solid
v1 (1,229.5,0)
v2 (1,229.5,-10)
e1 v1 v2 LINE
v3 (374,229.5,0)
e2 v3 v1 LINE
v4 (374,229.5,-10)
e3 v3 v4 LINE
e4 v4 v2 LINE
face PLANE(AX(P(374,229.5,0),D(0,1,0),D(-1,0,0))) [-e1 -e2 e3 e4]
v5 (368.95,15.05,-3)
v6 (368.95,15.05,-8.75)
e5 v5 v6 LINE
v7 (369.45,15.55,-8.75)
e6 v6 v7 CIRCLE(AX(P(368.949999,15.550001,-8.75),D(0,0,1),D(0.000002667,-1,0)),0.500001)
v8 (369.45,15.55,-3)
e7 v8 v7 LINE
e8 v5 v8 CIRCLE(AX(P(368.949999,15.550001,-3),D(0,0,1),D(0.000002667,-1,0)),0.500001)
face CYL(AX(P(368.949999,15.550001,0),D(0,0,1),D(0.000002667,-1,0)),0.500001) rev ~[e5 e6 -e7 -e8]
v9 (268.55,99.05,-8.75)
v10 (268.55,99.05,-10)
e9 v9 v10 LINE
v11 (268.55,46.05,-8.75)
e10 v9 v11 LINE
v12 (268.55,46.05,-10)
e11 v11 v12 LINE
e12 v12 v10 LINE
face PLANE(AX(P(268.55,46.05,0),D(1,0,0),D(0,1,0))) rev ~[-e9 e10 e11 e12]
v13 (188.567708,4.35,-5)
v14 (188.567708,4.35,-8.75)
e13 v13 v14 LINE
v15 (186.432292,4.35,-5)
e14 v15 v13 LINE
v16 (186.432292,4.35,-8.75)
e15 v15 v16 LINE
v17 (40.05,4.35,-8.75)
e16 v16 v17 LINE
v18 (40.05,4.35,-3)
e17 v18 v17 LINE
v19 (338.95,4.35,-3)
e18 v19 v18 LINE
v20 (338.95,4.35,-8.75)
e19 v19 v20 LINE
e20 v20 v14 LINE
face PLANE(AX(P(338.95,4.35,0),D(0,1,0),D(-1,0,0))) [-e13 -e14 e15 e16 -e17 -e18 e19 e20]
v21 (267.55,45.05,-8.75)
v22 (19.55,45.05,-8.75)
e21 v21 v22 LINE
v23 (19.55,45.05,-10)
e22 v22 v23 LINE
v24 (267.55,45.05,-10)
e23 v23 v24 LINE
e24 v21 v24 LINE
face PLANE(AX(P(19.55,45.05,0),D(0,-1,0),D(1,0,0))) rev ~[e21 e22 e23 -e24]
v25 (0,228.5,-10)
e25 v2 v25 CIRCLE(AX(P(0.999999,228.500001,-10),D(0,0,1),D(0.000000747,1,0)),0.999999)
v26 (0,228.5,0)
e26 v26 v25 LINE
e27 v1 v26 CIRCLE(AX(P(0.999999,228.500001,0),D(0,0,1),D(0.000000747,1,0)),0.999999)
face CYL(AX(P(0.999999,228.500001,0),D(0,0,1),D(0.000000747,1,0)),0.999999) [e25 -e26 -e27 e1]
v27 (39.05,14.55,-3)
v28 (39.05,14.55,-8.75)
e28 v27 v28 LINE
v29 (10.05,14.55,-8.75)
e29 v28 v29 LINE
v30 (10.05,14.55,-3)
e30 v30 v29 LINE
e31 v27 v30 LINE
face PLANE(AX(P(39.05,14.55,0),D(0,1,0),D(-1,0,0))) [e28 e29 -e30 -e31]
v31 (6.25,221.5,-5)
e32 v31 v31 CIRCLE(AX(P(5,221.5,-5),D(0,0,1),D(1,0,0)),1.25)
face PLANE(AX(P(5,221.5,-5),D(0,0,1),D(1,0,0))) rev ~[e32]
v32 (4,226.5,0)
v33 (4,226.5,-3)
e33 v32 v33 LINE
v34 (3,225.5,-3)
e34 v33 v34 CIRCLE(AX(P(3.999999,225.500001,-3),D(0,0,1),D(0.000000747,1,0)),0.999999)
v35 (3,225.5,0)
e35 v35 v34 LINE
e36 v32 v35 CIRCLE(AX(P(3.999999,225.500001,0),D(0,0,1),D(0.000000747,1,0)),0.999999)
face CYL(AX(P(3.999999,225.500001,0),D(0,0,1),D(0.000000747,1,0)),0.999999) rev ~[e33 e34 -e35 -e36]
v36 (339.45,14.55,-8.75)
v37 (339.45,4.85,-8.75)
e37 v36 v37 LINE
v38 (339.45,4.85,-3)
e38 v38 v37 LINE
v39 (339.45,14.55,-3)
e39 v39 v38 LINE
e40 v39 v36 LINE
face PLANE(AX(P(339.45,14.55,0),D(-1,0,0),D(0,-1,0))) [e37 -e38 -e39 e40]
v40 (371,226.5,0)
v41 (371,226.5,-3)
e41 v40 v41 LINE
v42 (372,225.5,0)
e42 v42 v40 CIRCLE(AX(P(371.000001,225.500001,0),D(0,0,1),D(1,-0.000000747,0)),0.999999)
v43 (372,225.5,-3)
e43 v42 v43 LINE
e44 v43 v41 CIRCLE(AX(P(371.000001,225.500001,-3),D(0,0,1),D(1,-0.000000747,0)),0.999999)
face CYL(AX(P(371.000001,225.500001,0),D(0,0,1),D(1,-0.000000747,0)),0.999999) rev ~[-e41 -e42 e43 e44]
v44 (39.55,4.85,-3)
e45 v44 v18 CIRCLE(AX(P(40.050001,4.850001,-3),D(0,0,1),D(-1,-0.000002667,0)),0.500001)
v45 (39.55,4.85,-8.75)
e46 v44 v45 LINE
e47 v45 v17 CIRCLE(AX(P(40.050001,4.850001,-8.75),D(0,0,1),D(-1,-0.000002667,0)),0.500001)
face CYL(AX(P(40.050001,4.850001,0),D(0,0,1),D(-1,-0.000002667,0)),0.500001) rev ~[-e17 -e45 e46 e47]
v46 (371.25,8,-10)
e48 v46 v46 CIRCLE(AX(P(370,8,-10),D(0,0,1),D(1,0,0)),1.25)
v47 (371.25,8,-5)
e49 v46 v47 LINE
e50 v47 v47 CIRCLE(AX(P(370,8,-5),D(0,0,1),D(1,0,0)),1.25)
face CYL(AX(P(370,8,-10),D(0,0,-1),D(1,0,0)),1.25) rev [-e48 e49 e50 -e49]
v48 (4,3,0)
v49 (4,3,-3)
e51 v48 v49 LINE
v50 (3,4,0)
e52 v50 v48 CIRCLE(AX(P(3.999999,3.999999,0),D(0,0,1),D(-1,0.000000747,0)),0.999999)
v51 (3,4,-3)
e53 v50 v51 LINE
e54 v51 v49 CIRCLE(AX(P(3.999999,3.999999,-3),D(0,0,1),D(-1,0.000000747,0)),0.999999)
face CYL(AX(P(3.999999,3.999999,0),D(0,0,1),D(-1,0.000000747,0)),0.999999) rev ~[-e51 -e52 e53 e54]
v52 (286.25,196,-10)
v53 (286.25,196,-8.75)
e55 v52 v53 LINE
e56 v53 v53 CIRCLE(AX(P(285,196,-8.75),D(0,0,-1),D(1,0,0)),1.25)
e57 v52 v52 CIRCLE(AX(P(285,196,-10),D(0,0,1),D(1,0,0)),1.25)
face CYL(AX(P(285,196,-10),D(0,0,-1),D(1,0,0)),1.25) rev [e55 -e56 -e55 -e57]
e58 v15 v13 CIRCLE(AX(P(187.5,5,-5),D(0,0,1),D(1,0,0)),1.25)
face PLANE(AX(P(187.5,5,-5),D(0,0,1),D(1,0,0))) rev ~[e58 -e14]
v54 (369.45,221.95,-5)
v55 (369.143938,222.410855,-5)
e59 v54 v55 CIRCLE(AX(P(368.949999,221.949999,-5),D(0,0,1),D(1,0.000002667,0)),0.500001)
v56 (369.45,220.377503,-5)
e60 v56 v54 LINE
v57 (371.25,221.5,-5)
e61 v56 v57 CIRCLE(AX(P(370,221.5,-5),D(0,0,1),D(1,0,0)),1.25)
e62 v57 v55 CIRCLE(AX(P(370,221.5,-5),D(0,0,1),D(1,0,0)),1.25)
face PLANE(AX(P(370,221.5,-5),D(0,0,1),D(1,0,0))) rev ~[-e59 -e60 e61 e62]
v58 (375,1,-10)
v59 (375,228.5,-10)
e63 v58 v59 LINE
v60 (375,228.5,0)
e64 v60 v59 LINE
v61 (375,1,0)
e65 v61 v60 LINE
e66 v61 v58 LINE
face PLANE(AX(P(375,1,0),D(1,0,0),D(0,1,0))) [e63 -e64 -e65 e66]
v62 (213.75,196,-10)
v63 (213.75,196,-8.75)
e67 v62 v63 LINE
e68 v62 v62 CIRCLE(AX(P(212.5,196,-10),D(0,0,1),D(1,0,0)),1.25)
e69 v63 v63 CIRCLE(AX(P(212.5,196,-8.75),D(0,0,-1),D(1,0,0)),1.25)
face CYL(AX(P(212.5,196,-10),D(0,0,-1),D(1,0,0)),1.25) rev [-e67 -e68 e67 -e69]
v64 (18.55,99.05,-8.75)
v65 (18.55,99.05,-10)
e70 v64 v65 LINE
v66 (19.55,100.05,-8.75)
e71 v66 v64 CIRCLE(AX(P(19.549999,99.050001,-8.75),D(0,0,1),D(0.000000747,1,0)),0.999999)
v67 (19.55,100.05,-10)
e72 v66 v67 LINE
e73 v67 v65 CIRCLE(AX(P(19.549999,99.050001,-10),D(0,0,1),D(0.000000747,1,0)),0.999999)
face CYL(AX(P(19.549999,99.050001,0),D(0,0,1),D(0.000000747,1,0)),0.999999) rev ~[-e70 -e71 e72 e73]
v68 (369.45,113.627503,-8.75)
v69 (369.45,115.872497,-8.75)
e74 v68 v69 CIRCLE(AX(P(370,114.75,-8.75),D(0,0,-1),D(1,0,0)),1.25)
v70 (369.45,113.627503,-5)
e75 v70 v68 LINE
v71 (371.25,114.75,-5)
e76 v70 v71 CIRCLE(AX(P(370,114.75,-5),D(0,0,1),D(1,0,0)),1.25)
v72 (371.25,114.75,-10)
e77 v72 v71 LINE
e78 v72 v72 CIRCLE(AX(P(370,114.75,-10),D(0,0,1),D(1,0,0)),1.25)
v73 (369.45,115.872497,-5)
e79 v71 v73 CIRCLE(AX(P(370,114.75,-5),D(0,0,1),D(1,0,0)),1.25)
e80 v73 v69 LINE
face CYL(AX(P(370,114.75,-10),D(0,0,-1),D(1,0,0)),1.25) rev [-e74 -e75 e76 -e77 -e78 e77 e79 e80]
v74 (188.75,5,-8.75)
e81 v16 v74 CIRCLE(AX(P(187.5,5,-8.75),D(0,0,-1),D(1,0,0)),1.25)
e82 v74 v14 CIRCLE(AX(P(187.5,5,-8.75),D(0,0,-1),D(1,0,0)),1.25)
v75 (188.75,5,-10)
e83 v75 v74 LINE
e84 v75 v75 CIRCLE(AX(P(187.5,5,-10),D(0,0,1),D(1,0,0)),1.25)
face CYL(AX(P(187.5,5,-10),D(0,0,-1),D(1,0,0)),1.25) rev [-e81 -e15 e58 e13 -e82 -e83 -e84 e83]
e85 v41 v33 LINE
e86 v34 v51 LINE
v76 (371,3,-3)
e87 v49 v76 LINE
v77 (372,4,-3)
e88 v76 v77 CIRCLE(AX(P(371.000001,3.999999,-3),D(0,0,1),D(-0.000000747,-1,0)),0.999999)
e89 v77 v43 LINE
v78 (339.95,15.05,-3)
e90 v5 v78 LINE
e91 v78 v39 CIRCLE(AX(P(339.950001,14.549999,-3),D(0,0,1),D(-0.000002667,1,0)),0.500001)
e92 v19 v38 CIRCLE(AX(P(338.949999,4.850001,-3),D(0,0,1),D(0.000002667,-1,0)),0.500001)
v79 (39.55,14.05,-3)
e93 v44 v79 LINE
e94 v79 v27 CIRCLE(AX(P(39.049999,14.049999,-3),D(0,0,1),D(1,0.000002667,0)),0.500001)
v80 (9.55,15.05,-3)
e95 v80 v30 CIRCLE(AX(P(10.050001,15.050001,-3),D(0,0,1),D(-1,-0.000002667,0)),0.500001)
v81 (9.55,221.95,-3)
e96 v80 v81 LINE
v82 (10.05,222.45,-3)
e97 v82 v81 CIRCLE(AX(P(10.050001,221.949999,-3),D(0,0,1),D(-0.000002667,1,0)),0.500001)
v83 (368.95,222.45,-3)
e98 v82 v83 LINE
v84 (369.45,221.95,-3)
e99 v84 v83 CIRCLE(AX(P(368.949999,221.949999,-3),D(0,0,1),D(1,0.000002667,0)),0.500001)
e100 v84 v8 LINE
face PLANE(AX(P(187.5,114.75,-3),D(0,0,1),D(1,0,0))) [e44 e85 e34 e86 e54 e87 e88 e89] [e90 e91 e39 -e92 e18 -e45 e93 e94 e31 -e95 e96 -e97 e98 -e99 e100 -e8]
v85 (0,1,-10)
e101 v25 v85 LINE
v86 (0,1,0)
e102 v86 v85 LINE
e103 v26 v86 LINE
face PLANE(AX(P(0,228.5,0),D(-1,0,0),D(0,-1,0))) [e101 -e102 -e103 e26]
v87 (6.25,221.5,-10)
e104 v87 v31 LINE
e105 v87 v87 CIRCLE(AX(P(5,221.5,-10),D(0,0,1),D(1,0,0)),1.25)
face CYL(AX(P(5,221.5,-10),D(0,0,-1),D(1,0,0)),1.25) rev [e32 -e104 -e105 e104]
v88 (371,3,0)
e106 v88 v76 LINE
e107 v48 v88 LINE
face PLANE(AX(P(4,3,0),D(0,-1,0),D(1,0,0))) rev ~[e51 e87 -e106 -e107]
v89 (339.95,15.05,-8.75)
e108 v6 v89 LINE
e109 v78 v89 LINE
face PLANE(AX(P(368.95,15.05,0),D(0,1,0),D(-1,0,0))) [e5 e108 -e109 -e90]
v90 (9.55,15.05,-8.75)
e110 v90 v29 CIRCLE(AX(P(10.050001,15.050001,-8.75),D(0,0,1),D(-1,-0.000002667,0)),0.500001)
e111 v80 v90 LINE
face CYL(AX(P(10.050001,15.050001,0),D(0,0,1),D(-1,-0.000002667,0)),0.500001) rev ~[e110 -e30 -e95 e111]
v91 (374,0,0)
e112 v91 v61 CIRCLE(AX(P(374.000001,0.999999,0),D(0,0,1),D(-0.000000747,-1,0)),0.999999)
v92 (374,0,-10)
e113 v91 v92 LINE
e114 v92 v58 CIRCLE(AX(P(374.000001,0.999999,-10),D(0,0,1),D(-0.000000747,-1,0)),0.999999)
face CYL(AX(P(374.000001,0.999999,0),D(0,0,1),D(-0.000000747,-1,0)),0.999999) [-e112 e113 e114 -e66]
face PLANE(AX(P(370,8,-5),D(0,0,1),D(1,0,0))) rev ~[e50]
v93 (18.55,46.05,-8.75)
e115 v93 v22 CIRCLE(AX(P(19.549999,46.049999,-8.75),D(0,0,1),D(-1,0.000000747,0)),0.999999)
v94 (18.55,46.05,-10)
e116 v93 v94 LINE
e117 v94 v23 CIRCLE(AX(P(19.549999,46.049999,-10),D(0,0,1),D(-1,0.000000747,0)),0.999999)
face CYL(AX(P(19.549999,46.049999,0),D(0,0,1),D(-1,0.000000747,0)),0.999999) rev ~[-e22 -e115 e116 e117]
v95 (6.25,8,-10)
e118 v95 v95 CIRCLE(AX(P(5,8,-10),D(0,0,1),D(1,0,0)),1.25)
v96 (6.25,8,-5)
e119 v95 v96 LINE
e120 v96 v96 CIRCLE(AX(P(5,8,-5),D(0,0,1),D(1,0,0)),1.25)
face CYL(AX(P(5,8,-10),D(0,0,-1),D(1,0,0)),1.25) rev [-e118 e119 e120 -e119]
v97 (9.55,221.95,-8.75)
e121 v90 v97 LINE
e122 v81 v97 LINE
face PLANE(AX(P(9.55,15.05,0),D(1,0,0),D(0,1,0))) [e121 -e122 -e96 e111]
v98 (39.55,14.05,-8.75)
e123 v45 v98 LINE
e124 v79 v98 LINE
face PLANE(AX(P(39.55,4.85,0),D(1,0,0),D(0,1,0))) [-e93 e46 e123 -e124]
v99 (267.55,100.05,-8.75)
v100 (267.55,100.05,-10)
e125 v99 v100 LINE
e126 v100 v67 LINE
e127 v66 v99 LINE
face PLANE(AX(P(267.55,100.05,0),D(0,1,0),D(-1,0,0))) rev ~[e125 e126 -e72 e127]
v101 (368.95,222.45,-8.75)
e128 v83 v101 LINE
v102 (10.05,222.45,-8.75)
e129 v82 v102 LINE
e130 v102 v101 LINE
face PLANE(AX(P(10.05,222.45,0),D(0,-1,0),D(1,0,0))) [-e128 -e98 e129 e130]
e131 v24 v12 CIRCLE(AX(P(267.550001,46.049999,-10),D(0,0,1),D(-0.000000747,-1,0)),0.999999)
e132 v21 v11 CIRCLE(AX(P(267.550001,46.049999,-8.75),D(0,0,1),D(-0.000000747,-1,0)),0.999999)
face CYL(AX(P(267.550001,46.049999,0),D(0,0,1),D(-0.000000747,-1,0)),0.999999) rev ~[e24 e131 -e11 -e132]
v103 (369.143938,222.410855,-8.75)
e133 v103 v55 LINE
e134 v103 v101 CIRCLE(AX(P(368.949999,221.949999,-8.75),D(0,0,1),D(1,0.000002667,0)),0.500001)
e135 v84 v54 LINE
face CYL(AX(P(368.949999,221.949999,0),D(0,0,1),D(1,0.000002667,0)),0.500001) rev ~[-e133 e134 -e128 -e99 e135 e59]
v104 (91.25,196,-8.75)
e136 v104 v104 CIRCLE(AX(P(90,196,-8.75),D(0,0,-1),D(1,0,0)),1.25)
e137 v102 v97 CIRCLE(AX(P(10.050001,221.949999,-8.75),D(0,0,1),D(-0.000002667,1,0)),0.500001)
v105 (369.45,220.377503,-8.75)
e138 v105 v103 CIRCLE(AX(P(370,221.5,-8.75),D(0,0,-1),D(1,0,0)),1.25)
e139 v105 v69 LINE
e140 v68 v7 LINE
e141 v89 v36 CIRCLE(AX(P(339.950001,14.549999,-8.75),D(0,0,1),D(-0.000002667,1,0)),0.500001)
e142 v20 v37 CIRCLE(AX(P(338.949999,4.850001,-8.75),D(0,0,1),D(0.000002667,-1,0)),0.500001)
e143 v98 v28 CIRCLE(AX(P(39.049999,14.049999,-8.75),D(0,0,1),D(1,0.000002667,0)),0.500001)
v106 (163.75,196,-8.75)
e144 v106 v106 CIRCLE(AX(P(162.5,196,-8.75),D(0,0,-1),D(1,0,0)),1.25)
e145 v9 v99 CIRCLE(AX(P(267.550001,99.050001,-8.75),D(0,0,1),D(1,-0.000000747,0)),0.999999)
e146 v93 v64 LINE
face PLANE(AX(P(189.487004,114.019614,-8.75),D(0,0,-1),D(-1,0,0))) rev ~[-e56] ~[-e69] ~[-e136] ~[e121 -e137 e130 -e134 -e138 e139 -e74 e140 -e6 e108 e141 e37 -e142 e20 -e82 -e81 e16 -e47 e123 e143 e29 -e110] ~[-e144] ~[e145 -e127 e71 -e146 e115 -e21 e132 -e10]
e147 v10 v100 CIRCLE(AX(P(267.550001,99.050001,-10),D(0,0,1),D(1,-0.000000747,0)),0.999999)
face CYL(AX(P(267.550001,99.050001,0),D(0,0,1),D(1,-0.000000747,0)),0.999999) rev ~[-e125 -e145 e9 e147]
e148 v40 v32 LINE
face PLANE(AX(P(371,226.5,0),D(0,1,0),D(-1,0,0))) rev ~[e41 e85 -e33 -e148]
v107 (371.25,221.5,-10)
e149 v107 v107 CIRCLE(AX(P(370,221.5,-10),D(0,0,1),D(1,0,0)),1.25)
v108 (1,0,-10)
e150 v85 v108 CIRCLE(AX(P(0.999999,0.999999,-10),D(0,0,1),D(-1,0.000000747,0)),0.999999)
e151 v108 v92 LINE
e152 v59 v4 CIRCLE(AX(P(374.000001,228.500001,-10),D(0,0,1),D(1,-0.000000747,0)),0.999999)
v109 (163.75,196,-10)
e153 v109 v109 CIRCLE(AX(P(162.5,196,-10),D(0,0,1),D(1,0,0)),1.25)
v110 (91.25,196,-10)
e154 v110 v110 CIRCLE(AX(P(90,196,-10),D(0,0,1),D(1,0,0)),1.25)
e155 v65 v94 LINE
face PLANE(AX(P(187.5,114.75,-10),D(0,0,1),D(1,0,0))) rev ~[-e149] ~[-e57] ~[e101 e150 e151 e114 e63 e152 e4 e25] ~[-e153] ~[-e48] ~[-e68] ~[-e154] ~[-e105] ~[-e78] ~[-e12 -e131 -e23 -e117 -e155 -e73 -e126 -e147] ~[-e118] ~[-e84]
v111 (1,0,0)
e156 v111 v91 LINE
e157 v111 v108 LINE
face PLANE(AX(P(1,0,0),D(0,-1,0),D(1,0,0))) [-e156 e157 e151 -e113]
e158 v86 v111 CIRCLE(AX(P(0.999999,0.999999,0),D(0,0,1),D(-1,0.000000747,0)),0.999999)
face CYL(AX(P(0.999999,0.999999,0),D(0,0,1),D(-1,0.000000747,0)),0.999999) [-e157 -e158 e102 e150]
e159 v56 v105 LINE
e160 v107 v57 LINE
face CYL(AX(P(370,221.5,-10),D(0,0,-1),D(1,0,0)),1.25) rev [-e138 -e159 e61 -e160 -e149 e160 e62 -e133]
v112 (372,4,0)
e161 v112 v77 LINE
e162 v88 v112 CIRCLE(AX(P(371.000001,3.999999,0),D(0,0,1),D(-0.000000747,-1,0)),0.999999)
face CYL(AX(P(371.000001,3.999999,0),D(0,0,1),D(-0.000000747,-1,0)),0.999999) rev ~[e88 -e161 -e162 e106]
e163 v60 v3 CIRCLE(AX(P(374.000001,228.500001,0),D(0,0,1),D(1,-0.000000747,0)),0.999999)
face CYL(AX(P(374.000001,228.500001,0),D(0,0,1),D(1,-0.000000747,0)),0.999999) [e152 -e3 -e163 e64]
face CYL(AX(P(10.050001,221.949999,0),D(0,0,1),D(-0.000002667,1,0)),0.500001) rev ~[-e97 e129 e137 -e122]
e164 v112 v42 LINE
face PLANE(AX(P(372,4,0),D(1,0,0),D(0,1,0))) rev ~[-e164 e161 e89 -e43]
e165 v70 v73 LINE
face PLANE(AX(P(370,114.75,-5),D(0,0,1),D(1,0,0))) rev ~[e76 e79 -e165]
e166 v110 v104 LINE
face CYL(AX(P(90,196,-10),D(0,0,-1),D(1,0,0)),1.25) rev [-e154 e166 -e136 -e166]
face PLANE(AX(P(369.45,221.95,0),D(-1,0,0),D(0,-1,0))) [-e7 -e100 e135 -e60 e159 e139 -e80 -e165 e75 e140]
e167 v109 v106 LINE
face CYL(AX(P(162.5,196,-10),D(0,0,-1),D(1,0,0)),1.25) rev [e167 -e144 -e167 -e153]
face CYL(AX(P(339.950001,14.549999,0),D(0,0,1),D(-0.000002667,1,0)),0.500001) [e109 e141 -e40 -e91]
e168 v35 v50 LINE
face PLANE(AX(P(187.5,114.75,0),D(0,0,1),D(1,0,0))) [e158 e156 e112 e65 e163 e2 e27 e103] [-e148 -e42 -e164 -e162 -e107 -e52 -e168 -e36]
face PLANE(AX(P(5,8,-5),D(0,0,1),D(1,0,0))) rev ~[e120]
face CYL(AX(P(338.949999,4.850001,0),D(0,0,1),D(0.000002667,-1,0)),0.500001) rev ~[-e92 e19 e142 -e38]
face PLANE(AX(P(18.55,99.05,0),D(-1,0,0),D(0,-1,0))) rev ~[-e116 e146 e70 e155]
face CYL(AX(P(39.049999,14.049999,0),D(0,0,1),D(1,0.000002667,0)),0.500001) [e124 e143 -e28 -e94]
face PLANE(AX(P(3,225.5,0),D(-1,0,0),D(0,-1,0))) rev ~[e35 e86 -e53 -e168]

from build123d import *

# Parameters (mm, degrees)
PAD006_DEPTH    = 10
POCKET_DEPTH    = 3
POCKET001_DEPTH = 8.75
POCKET002_DEPTH = 10.001
SKETCH071_R     = 1.25
POCKET032_DEPTH = 5


with BuildPart() as part:
    # Sketch006 → Pad006 (new body)
    with BuildSketch(Plane.XY):
        with BuildLine():
            Line((1, 0), (374, 0))
            ThreePointArc((374, 0), (374.707107, 0.292893), (375, 1))
            Line((375, 1), (375, 228.5))
            ThreePointArc((375, 228.5), (374.707107, 229.207107), (374, 229.5))
            Line((374, 229.5), (1, 229.5))
            ThreePointArc((1, 229.5), (0.292893, 229.207107), (0, 228.5))
            Line((0, 228.5), (0, 1))
            ThreePointArc((0, 1), (0.292893, 0.292893), (1, 0))
        make_face()
    extrude(amount=-PAD006_DEPTH)

    # Sketch007 → Pocket (cut)
    with BuildSketch(Plane.XY):
        with BuildLine():
            Line((4, 3), (371, 3))
            ThreePointArc((371, 3), (371.707107, 3.292893), (372, 4))
            Line((372, 4), (372, 225.5))
            ThreePointArc((372, 225.5), (371.707107, 226.207107), (371, 226.5))
            Line((371, 226.5), (4, 226.5))
            ThreePointArc((4, 226.5), (3.292893, 226.207107), (3, 225.5))
            Line((3, 225.5), (3, 4))
            ThreePointArc((3, 4), (3.292893, 3.292893), (4, 3))
        make_face()
    extrude(amount=-POCKET_DEPTH, mode=Mode.SUBTRACT)

    # Sketch008 → Pocket001 (cut)
    with BuildSketch(Plane.XY):
        with BuildLine():
            Line((10.05, 222.45), (368.95, 222.45))
            ThreePointArc((369.45, 221.95), (369.303553, 222.303553), (368.95, 222.45))
            Line((369.45, 221.95), (369.45, 15.55))
            ThreePointArc((368.95, 15.05), (369.303553, 15.196447), (369.45, 15.55))
            Line((368.95, 15.05), (339.95, 15.05))
            ThreePointArc((339.95, 15.05), (339.596447, 14.903553), (339.45, 14.55))
            Line((339.45, 14.55), (339.45, 4.85))
            ThreePointArc((338.95, 4.35), (339.303553, 4.496447), (339.45, 4.85))
            Line((338.95, 4.35), (40.05, 4.35))
            ThreePointArc((39.55, 4.85), (39.696447, 4.496447), (40.05, 4.35))
            Line((39.55, 4.85), (39.55, 14.05))
            ThreePointArc((39.55, 14.05), (39.403553, 14.403553), (39.05, 14.55))
            Line((39.05, 14.55), (10.05, 14.55))
            ThreePointArc((9.55, 15.05), (9.696447, 14.696447), (10.05, 14.55))
            Line((9.55, 15.05), (9.55, 221.95))
            ThreePointArc((10.05, 222.45), (9.696447, 222.303553), (9.55, 221.95))
        make_face()
    extrude(amount=-POCKET001_DEPTH, mode=Mode.SUBTRACT)

    # Sketch009 → Pocket002 (cut, through all)
    with BuildSketch(Plane.XY):
        with BuildLine():
            Line((19.55, 45.05), (267.55, 45.05))
            ThreePointArc((267.55, 45.05), (268.257107, 45.342893), (268.55, 46.05))
            Line((268.55, 46.05), (268.55, 99.05))
            ThreePointArc((268.55, 99.05), (268.257107, 99.757107), (267.55, 100.05))
            Line((267.55, 100.05), (19.55, 100.05))
            ThreePointArc((19.55, 100.05), (18.842893, 99.757107), (18.55, 99.05))
            Line((18.55, 99.05), (18.55, 46.05))
            ThreePointArc((18.55, 46.05), (18.842893, 45.342893), (19.55, 45.05))
        make_face()
    extrude(amount=-POCKET002_DEPTH, mode=Mode.SUBTRACT)

    # Sketch071 (on DatumPlane) → Pocket032 (cut)
    with BuildSketch(Plane.XY.offset(-10)):
        with Locations((5, 221.5)):
            Circle(SKETCH071_R)
        with Locations((5, 8)):
            Circle(SKETCH071_R)
        with Locations((370, 8)):
            Circle(SKETCH071_R)
        with Locations((370, 221.5)):
            Circle(SKETCH071_R)
        with Locations((370, 114.75)):
            Circle(SKETCH071_R)
        with Locations((162.5, 196)):
            Circle(SKETCH071_R)
        with Locations((212.5, 196)):
            Circle(SKETCH071_R)
        with Locations((90, 196)):
            Circle(SKETCH071_R)
        with Locations((285, 196)):
            Circle(SKETCH071_R)
        with Locations((187.5, 5)):
            Circle(SKETCH071_R)
    extrude(amount=POCKET032_DEPTH, mode=Mode.SUBTRACT)


solid = part.part
